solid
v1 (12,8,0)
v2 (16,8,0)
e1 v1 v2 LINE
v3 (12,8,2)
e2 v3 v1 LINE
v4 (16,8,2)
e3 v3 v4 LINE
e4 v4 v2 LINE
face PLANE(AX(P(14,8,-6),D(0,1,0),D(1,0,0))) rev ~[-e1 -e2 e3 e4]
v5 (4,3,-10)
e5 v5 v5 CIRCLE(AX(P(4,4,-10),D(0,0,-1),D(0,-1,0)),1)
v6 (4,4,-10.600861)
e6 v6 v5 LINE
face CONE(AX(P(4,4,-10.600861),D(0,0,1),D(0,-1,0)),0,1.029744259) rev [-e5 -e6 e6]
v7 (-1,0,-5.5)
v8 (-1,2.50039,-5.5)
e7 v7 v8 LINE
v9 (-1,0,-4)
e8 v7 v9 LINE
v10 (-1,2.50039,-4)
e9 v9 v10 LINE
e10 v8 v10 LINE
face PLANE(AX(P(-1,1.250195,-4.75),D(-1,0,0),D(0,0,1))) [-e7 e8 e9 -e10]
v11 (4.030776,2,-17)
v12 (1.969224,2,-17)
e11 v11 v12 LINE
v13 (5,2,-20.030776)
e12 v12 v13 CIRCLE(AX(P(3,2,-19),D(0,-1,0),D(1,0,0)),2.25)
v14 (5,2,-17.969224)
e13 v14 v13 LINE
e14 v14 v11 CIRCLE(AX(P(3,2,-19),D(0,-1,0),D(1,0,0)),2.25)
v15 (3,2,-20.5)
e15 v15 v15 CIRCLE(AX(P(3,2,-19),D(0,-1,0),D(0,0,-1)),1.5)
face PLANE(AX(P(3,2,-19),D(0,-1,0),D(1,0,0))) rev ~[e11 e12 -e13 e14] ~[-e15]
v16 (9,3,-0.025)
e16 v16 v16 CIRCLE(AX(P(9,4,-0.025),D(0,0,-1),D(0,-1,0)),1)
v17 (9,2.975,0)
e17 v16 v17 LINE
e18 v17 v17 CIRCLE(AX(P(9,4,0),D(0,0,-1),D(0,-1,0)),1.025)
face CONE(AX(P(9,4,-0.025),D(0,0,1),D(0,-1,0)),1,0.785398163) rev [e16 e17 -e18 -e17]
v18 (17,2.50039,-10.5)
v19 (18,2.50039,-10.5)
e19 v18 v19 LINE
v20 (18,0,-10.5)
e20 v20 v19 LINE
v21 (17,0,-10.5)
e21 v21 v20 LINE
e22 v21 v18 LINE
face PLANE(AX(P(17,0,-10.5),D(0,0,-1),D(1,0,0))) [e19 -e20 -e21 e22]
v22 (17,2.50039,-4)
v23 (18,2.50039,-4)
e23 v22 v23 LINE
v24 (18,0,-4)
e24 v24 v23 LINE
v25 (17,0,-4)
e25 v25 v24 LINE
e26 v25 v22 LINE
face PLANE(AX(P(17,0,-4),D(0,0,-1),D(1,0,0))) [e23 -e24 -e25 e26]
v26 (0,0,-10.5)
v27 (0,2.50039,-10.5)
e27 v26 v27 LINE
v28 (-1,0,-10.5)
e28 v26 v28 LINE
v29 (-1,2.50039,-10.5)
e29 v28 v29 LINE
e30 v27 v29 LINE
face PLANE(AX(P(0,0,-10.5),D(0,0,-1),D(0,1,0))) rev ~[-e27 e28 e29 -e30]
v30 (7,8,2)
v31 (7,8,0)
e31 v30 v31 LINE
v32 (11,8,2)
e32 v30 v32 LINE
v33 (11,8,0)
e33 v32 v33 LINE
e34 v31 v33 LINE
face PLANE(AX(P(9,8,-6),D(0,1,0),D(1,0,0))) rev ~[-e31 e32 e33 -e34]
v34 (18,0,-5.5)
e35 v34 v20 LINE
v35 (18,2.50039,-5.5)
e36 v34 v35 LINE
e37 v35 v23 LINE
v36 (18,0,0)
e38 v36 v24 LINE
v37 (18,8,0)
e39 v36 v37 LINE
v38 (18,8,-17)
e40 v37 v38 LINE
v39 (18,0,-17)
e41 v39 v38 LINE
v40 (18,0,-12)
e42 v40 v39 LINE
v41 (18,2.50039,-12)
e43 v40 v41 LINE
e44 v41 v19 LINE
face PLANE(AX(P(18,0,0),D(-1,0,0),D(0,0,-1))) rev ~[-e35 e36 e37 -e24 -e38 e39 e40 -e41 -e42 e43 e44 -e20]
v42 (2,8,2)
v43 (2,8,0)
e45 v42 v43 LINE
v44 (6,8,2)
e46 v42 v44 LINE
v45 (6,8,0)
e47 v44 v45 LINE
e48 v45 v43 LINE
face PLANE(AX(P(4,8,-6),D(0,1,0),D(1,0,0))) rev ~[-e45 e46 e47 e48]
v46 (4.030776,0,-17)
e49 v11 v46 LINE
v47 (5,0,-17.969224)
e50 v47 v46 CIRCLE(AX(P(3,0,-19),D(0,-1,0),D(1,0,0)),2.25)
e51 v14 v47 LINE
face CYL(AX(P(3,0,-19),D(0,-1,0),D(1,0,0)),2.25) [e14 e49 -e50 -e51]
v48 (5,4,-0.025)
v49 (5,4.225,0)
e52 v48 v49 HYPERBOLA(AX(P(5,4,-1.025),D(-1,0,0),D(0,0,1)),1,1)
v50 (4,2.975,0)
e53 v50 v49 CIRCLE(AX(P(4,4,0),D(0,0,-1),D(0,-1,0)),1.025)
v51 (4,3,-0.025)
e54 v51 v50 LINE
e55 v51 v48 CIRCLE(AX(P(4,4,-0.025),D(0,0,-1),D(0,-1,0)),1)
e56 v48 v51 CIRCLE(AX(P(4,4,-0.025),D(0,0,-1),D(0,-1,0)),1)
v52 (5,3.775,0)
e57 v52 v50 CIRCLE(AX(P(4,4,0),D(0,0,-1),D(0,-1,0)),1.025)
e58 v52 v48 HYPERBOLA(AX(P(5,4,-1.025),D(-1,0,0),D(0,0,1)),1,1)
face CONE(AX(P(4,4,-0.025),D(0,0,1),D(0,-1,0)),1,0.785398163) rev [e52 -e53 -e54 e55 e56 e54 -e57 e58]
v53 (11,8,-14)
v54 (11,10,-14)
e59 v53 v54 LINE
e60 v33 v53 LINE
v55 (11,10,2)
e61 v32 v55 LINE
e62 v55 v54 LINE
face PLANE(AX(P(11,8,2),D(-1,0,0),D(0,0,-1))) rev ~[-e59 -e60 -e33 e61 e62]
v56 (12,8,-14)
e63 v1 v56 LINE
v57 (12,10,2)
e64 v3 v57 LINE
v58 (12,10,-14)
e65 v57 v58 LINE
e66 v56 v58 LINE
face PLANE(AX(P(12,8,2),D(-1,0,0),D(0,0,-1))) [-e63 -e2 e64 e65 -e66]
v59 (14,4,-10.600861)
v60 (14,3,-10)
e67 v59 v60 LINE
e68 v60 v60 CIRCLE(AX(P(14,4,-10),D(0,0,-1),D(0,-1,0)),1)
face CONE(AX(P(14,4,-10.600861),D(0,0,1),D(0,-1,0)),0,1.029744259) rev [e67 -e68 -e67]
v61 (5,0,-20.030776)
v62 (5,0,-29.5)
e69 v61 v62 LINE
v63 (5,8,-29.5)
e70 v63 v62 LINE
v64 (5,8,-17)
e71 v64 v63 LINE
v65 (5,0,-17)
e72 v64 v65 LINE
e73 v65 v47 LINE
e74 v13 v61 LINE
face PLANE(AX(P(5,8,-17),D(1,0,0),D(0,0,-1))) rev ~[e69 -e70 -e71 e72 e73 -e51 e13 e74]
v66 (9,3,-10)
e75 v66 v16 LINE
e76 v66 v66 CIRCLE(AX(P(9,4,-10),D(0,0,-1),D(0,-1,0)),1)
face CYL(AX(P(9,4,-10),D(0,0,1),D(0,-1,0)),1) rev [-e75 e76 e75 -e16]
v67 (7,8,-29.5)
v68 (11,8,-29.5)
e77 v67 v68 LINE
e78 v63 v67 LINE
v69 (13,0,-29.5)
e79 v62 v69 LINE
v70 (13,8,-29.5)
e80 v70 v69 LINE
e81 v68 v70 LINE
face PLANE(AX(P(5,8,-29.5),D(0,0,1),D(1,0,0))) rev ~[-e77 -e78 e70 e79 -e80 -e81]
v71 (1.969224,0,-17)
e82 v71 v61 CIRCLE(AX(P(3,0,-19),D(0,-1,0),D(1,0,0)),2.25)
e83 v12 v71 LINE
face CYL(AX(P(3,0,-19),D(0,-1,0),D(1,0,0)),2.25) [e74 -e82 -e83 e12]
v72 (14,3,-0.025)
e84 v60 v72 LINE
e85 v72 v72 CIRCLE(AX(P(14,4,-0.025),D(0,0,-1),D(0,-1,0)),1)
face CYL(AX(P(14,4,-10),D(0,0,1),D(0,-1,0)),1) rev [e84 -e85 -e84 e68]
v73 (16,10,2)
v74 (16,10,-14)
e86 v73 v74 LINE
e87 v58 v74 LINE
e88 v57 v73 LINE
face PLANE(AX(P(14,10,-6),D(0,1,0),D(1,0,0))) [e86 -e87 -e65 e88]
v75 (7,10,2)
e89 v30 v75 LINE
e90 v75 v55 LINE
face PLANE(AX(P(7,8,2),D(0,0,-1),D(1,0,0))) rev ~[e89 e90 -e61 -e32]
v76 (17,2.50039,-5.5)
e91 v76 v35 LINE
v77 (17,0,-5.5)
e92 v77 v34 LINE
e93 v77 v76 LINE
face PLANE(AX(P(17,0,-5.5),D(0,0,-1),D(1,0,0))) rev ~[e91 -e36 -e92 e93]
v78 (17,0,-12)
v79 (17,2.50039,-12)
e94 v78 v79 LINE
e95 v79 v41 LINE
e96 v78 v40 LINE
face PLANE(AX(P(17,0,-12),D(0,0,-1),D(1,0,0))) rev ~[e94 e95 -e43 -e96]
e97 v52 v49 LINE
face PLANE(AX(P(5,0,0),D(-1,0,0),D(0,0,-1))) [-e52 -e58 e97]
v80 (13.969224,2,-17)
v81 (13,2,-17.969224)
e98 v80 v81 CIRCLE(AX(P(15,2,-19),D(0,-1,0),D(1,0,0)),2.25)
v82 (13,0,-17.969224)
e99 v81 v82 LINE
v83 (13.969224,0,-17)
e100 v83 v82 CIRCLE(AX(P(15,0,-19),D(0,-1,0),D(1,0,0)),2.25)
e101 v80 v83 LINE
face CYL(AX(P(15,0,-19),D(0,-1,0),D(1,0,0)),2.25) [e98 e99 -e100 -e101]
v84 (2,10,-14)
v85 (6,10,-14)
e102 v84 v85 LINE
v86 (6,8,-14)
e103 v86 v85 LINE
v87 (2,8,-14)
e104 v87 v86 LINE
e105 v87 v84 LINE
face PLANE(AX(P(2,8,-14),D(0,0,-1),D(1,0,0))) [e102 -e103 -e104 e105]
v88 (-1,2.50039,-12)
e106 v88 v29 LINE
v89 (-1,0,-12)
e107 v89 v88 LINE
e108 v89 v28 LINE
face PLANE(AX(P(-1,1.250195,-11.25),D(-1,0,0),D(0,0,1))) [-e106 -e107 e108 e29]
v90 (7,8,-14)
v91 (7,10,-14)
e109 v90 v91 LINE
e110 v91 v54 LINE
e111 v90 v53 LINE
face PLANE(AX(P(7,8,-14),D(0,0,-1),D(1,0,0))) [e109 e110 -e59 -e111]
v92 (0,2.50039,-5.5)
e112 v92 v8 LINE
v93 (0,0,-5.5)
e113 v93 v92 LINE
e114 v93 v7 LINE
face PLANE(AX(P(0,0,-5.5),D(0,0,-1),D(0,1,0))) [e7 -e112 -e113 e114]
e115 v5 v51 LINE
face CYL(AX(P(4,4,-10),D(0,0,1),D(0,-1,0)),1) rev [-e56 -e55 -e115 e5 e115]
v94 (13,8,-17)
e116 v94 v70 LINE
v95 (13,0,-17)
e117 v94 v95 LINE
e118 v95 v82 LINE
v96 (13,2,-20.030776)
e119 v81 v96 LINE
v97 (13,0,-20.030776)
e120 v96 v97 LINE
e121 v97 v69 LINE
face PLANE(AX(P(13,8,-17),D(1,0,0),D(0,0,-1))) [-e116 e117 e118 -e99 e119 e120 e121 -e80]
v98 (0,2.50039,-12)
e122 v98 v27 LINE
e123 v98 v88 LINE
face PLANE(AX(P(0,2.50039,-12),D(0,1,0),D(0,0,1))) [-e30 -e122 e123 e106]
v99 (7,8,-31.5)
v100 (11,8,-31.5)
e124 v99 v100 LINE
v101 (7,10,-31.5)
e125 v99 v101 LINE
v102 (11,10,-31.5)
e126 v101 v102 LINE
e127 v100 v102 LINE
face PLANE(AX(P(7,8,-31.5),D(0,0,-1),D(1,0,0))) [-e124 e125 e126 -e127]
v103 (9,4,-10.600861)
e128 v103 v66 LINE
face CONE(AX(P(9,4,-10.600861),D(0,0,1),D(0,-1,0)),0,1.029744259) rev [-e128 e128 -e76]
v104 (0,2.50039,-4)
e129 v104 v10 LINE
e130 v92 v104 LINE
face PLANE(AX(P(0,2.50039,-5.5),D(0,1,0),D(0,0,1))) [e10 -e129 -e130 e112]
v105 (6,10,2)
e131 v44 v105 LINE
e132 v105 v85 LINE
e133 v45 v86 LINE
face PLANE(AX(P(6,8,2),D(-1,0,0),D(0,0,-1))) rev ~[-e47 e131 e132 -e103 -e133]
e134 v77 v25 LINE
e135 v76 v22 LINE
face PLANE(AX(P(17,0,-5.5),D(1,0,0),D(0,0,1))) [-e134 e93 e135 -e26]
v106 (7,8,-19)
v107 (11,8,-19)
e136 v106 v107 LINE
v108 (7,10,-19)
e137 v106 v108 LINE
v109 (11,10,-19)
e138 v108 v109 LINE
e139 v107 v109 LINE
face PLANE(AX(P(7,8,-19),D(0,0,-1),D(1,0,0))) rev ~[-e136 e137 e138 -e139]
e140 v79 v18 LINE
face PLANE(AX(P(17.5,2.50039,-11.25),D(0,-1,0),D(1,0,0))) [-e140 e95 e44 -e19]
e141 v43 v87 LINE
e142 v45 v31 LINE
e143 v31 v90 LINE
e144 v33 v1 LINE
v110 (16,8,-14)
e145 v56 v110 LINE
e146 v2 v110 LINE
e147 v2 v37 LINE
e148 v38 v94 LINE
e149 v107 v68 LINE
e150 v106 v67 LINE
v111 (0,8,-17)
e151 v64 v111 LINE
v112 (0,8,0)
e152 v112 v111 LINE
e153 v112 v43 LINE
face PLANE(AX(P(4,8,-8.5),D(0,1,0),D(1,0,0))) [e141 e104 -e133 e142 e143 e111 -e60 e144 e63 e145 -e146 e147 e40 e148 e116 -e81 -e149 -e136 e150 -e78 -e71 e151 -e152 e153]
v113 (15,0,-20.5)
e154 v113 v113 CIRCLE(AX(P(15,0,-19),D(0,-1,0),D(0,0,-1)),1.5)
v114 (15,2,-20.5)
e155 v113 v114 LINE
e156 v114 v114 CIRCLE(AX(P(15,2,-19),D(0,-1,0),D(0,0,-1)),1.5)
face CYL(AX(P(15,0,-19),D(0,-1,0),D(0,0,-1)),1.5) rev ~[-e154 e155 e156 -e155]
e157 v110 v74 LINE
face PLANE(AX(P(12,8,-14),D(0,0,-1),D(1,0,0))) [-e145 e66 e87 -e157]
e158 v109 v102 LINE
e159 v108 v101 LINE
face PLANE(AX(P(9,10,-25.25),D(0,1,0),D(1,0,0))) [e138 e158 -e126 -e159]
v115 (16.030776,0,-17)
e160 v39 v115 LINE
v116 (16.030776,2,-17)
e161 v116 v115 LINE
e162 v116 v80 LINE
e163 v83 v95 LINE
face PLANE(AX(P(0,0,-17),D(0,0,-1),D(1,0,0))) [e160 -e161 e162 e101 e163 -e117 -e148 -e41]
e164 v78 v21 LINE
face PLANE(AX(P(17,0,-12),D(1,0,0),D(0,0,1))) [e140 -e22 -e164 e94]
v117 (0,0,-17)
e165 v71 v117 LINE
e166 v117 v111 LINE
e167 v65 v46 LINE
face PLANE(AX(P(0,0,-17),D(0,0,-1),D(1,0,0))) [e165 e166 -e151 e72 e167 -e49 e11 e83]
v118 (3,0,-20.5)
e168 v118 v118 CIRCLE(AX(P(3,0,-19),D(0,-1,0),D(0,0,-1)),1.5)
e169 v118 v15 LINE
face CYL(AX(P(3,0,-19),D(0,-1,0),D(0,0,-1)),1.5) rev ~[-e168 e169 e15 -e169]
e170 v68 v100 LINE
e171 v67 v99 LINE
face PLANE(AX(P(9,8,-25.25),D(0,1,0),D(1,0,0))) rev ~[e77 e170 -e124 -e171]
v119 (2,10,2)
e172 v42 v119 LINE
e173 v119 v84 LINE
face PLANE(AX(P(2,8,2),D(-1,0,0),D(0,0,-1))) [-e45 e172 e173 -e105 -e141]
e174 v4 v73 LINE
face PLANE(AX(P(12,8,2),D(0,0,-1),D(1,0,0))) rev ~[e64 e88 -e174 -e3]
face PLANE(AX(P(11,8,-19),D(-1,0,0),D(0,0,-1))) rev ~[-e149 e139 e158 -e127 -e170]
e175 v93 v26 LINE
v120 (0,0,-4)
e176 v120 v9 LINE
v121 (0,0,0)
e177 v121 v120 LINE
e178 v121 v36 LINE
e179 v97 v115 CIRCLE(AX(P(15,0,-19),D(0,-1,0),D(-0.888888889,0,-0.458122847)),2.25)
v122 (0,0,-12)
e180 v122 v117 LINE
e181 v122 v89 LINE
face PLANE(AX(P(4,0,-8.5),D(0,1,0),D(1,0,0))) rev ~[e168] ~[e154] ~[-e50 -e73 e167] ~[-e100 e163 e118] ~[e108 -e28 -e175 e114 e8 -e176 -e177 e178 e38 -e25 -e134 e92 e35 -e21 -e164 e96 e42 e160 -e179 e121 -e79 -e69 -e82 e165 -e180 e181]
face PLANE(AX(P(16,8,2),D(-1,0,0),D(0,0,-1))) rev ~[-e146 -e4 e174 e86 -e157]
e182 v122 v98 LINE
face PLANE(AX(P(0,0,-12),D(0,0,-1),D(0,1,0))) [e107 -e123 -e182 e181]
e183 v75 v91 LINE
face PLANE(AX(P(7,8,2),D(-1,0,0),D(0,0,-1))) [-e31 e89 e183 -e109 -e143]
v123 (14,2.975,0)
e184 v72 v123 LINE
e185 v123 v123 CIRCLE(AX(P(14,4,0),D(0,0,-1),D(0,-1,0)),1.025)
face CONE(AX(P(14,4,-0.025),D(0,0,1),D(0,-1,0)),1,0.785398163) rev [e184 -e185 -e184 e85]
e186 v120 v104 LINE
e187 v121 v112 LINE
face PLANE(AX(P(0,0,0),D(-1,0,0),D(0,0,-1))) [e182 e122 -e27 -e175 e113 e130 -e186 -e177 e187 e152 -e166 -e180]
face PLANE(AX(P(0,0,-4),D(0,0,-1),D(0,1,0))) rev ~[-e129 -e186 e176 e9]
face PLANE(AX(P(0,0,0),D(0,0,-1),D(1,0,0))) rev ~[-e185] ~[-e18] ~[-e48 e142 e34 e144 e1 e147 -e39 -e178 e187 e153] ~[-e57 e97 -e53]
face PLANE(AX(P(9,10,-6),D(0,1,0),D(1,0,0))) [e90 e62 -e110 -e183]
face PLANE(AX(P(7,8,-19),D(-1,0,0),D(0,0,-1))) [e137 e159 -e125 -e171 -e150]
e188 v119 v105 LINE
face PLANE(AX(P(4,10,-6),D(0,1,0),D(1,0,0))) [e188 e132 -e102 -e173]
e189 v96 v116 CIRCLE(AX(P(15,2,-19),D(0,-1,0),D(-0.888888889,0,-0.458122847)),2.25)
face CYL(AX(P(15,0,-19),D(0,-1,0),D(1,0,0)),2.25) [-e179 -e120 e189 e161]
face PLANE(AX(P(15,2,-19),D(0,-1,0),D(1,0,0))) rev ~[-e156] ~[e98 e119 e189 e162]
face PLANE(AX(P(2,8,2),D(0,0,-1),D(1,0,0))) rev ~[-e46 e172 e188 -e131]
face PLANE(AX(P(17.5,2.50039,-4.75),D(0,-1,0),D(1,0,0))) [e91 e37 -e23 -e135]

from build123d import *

# Parameters (mm, degrees)
SKETCH1_W                  = 8
SKETCH1_H                  = 17
CONNECTOR_BODY_DEPTH       = 8
SKETCH4_W                  = 4
SKETCH4_H                  = 16
CLAMP_DEPTH                = 2
CONNECTOR_PATTERN_COUNT    = 3
CONNECTOR_PATTERN_PITCH    = 5
SKETCH5_W                  = 8
SKETCH5_H                  = 12.5
SINGLE_BODY_DEPTH          = 8
SKETCH6_W                  = 1.5
SKETCH6_H                  = 2.500390225
CHAINING_NOBS_DEPTH        = 1
SKETCH7_W                  = 1
SKETCH7_H                  = 1.5
CHAINING_NOBS_CUTOUT_DEPTH = 2.50039
SKETCH8_W                  = 4
SKETCH8_H                  = 12.5
SINGLE_BODY_CLAMP_DEPTH    = 2
SKETCH9_R                  = 2.25
SKETCH9_R_2                = 1.5
MOUNTING_RINGS_DEPTH       = 2


with BuildPart() as part:
    # Sketch1 → connector_body (new body)
    with BuildSketch(Plane(origin=(0, 0, 0), x_dir=(1, 0, 0), z_dir=(0, 1, 0))):
        with Locations((4, 8.5)):
            Rectangle(SKETCH1_W, SKETCH1_H)
    connector_body = extrude(amount=CONNECTOR_BODY_DEPTH)

    # Sketch3 → cable_hole (revolve, cut)
    with BuildSketch(Plane(origin=(4, 4, 0), x_dir=(0, -1, 0), z_dir=(1, 0, 0))):
        Polygon((0, 0), (0, 10.600860619), (1, 10), (1, 0.025), (1.025, 0), align=None)
    cable_hole = revolve(axis=Axis((4, 4, 6.35), (0, 0, -1)), mode=Mode.SUBTRACT)

    # Sketch4 → clamp (add)
    with BuildSketch(Plane(origin=(0, 8, 0), x_dir=(1, 0, 0), z_dir=(0, 1, 0))):
        with Locations((4, 6)):
            Rectangle(SKETCH4_W, SKETCH4_H)
    clamp = extrude(amount=CLAMP_DEPTH)

    # connector_pattern: connector_body, cable_hole, clamp ×3
    with Locations(*[(i * CONNECTOR_PATTERN_PITCH, 0, 0) for i in range(1, CONNECTOR_PATTERN_COUNT)]):
        add(connector_body)
        add(cable_hole, mode=Mode.SUBTRACT)
        add(clamp)

    # Sketch5 → single_body (add)
    with BuildSketch(Plane(origin=(0, 8, 0), x_dir=(1, 0, 0), z_dir=(0, 1, 0))):
        with Locations((9, 23.25)):
            Rectangle(SKETCH5_W, SKETCH5_H)
    extrude(amount=-SINGLE_BODY_DEPTH)

    # Sketch6 → chaining_nobs (add)
    with BuildSketch(Plane.ZY):
        with Locations((-11.25, 1.250195113)):
            Rectangle(SKETCH6_W, SKETCH6_H)
        with Locations((-4.75, 1.250195113)):
            Rectangle(SKETCH6_W, SKETCH6_H)
    extrude(amount=CHAINING_NOBS_DEPTH)

    # Sketch7 → chaining_nobs_cutout (cut)
    with BuildSketch(Plane.XZ):
        with Locations((17.5, -4.75)):
            Rectangle(SKETCH7_W, SKETCH7_H)
        with Locations((17.5, -11.25)):
            Rectangle(SKETCH7_W, SKETCH7_H)
    extrude(amount=-CHAINING_NOBS_CUTOUT_DEPTH, mode=Mode.SUBTRACT)

    # Sketch8 → single_body_clamp (add)
    with BuildSketch(Plane(origin=(0, 8, 0), x_dir=(1, 0, 0), z_dir=(0, 1, 0))):
        with Locations((9, 25.25)):
            Rectangle(SKETCH8_W, SKETCH8_H)
    extrude(amount=SINGLE_BODY_CLAMP_DEPTH)

    # Sketch9 → mounting_rings (add)
    # profile 1 of 2: a face of its own
    with BuildSketch(Plane.XZ):
        with Locations((3, -19)):
            Circle(SKETCH9_R)
        with Locations(Location((3, -19, 0), (0, 0, 270))):
            Circle(SKETCH9_R_2, mode=Mode.SUBTRACT)
    # profile 2 of 2: a face of its own
    with BuildSketch(Plane.XZ):
        with Locations((15, -19)):
            Circle(SKETCH9_R)
        with Locations(Location((15, -19, 0), (0, 0, 270))):
            Circle(SKETCH9_R_2, mode=Mode.SUBTRACT)
    extrude(amount=-MOUNTING_RINGS_DEPTH)


solid = part.part
